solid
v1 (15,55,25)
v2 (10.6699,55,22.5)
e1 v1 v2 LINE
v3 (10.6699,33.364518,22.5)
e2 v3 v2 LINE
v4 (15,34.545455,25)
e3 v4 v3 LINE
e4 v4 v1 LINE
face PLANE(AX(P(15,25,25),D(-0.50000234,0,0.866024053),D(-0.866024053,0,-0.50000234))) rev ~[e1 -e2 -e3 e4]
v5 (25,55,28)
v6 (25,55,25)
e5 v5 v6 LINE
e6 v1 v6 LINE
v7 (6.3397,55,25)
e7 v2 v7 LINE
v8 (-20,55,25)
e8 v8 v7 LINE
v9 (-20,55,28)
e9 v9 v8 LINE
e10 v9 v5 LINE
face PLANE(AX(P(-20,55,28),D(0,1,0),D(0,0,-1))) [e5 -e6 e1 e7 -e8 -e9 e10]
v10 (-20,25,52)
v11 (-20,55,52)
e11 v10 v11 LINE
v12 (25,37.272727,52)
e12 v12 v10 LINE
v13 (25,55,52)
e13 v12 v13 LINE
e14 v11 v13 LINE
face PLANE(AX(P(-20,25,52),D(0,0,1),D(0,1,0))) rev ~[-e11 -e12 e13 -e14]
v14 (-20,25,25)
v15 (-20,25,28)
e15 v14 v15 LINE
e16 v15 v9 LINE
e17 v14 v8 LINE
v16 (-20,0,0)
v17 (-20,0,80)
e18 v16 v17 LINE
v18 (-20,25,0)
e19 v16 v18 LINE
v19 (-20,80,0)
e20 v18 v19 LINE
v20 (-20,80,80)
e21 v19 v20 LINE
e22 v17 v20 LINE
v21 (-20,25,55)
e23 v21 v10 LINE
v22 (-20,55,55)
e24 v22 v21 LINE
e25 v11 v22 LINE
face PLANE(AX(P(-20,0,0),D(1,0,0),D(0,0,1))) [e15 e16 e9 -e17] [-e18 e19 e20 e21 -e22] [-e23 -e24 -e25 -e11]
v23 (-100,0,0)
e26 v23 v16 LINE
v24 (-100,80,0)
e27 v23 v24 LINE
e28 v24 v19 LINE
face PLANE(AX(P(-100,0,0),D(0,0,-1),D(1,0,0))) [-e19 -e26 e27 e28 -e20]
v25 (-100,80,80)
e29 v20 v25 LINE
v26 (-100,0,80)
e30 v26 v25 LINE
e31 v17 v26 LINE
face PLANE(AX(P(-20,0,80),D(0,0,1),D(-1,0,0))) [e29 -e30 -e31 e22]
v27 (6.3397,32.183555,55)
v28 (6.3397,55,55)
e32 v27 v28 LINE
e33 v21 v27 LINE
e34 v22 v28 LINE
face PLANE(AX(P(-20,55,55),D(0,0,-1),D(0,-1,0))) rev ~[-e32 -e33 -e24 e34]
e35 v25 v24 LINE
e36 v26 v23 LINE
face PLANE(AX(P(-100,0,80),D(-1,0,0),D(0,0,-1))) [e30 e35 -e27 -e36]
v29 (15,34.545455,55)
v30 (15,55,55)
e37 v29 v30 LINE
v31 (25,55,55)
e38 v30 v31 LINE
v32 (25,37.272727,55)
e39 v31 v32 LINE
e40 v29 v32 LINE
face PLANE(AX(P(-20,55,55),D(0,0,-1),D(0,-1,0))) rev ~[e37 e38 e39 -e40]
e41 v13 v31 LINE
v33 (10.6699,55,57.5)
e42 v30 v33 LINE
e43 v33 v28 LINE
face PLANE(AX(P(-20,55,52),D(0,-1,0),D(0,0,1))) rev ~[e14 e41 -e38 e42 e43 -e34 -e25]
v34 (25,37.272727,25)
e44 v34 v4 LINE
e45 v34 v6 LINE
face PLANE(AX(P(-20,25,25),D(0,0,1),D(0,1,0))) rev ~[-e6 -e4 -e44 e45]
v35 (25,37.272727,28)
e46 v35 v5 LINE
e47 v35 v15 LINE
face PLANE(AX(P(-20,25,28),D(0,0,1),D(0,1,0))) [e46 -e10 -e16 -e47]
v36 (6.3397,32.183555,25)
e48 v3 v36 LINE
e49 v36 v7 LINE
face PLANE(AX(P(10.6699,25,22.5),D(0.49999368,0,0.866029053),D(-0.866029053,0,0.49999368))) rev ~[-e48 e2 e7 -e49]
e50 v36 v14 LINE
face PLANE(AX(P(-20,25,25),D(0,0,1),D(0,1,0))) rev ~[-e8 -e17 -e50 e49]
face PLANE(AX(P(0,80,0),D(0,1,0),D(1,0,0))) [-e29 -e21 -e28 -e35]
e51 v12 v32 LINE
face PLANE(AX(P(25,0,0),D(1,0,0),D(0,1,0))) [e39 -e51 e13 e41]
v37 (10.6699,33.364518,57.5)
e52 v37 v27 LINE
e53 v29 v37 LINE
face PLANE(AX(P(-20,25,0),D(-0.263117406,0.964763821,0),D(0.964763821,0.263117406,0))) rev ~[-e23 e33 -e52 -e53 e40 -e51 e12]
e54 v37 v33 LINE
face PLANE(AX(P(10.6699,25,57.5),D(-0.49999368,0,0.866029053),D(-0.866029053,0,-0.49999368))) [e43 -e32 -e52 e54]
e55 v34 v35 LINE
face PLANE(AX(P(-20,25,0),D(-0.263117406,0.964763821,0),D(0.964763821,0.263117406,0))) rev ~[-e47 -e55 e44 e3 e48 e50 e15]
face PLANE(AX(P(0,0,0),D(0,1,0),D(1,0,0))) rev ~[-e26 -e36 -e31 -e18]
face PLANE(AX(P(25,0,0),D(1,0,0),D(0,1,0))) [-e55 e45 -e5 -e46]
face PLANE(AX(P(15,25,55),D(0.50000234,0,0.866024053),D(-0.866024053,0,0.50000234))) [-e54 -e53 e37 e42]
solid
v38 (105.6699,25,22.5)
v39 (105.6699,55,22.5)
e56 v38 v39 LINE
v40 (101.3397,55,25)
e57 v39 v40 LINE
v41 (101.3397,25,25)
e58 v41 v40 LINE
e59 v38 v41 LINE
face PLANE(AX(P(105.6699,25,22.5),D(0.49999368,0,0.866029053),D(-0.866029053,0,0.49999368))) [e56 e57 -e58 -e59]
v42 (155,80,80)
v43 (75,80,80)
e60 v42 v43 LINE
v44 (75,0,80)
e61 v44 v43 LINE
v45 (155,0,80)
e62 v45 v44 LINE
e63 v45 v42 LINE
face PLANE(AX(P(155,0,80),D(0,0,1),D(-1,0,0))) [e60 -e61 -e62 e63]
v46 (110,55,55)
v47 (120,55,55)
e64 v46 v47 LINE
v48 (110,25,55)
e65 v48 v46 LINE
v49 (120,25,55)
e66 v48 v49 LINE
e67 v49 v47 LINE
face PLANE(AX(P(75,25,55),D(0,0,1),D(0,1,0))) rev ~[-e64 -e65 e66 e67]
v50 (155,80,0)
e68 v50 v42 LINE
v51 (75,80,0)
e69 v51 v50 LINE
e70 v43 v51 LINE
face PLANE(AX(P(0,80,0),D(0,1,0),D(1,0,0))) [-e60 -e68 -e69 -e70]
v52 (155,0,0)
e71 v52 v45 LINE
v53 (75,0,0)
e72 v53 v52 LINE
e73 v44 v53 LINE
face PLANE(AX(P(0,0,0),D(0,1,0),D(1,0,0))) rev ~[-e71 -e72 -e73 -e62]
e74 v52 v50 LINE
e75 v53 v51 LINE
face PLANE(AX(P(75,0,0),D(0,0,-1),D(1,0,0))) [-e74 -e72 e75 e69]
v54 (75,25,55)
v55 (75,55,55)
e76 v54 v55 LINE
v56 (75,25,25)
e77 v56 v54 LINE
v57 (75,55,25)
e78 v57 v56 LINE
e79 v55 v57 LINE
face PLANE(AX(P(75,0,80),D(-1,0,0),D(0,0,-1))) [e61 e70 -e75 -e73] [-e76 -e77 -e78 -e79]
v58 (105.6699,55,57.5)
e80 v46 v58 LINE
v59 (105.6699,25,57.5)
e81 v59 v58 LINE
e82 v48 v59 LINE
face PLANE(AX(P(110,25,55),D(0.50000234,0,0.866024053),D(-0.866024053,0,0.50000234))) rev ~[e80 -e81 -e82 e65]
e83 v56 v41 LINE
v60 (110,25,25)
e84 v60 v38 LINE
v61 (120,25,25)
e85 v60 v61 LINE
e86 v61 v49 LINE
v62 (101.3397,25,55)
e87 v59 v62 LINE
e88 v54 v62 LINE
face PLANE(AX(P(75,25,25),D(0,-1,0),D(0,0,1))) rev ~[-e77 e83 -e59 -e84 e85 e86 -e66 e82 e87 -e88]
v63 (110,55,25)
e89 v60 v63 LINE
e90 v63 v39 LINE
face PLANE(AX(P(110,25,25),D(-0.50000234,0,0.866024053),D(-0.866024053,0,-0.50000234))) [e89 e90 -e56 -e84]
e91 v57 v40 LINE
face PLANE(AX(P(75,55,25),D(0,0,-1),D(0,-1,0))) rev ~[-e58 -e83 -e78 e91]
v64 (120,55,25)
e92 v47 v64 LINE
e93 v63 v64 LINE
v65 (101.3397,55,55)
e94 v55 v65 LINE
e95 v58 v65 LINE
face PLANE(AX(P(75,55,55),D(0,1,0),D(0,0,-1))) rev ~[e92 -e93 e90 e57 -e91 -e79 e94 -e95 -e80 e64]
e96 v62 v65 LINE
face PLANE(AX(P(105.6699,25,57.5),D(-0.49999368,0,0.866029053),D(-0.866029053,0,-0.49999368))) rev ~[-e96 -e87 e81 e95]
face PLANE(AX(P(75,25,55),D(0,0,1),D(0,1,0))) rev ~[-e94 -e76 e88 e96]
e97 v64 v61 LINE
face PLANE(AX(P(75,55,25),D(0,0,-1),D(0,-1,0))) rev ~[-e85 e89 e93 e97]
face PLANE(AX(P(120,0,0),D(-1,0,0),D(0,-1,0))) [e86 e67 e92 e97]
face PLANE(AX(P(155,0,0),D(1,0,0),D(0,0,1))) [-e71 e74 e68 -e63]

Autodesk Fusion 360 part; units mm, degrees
sketch "Sketch1" plane through (0, 0, 0) normal (0, 1, 0) x (1, 0, 0)
  line L0 (-100, 0) -> (-20, 0)
  line L1 (-20, 0) -> (-20, -80)
  line L2 (-20, -80) -> (-100, -80)
  line L3 (-100, -80) -> (-100, 0)
  line L4 (75, 0) -> (155, 0)
  line L5 (155, 0) -> (155, -80)
  line L6 (155, -80) -> (75, -80)
  line L7 (75, -80) -> (75, 0)
  dimension "d1" = 80
  dimension "d2" = 80
  dimension "d3" = 80
  dimension "d4" = 80
extrude "Extrude1" add sketch "Sketch1" along normal blind 80 contours L0 L1 L2 L3 makes body 1
extrude "Extrude2" add sketch "Sketch1" along normal blind 80 separate body contours L4 L5 L6 L7 makes body 2
sketch "Sketch2" plane through (75, 0, 0) normal (-1, 0, 0) x (0, -1, 0)
  line L0 (0, 0) -> (0, 80)
  line L1 (0, 80) -> (-80, 80)
  line L2 (-80, 80) -> (-80, 0)
  line L3 (-80, 0) -> (0, 0)
  line L4 (-55, 25) -> (-25, 25)
  line L5 (-25, 25) -> (-25, 55)
  line L6 (-25, 55) -> (-55, 55)
  line L7 (-55, 55) -> (-55, 25)
extrude "Extrude3" cut sketch "Sketch2" against normal blind 45 contours L4 L5 L6 L7 bodies 2
sketch "Sketch3" plane through (0, 0, 0) normal (0, -1, 0) x (1, 0, 0)
  line L0 (155, 80) -> (75, 80)
  line L1 (75, 80) -> (75, 0)
  line L2 (75, 0) -> (155, 0)
  line L3 (155, 0) -> (155, 80)
  line L4 (75, 40) -> (155, 40) construction
  line L5 (75, 40) -> (75, 25) construction
  line L6 (75, 40) -> (75, 55) construction
  line L7 (75, 55) -> (120, 55) construction
  line L8 (120, 55) -> (120, 25) construction
  line L9 (120, 25) -> (75, 25) construction
  line L10 (75, 55) -> (120, 55)
  line L11 (120, 25) -> (75, 25)
  line L12 (120, 55) -> (110, 55) construction
  line L13 (110, 55) -> (110, 60) construction
  line L14 (110, 55) -> (105.6699, 57.5)
  line L15 (110, 55) -> (115, 55) construction
  line L16 (105.6699, 57.5) -> (101.3397, 55)
  line L17 (105.6699, 22.5) -> (101.3397, 25)
  line L18 (110, 25) -> (105.6699, 22.5)
  dimension "d11" = 150
  dimension "d12" = 5
sketch "Sketch4" plane through (0, 25, 0) normal (0, 1, 0) x (-1, 0, 0)
  line L0 (-75, 25) -> (-75, 55)
  line L1 (-75, 55) -> (-120, 55)
  line L2 (-120, 55) -> (-120, 25)
  line L3 (-120, 25) -> (-75, 25)
  line L4 (-75, 40) -> (-120, 40) construction
  line L5 (-120, 40) -> (-120, 55) construction
  line L6 (-120, 55) -> (-75, 55) construction
  line L7 (-120, 40) -> (-120, 25) construction
  line L8 (-120, 25) -> (-75, 25)
  line L9 (-110, 25) -> (-105.6699, 22.5)
  line L10 (-105.6699, 22.5) -> (-101.3397, 25)
  line L11 (-105.6699, 57.5) -> (-101.3397, 55)
  line L12 (-110, 55) -> (-105.6699, 57.5)
  dimension "d13" = 150
  dimension "d14" = 5
  dimension "d15" = 5
extrude "Extrude4" cut sketch "Sketch4" along normal up to surface (30 mm away) contours L3 L8 L9 L10 | L1 L11 L12 bodies 2
sketch "Sketch5" plane through (0, 0, 25) normal (0, 0, 1) x (-1, 0, 0)
  line L0 (-101.3397, -55) -> (-75, -55)
  line L1 (-75, -55) -> (-75, -25)
  line L2 (-75, -25) -> (-101.3397, -25)
  line L3 (-101.3397, -55) -> (-75, -55)
  line L4 (-75, -55) -> (-75, -25)
  line L5 (-75, -25) -> (-101.3397, -25)
  line L6 (-110, -55) -> (-120, -55)
  line L7 (-120, -55) -> (-120, -25)
  line L8 (-120, -25) -> (-110, -25)
  line L9 (-101.3397, -55) -> (-110, -55)
  line L10 (-110, -25) -> (-101.3397, -25)
sketch "Sketch6" plane through (120, 0, 0) normal (-1, 0, 0) x (0, -1, 0)
  line L0 (-55, 55) -> (-55, 25)
  line L1 (-55, 25) -> (-25, 25)
  line L2 (-25, 25) -> (-25, 55)
  line L3 (-25, 55) -> (-55, 55)
  line L4 (-25, 25) -> (-25, 55)
  line L5 (-25, 55) -> (-55, 55)
  line L6 (-55, 55) -> (-55, 25)
  line L7 (-55, 25) -> (-25, 25)
sketch "Sketch7" plane through (0, 25, 0) normal (0, 1, 0) x (-1, 0, 0)
  line L0 (-75, 25) -> (-75, 55)
  line L1 (-75, 55) -> (-101.3397, 55)
  line L2 (-101.3397, 55) -> (-105.6699, 57.5)
  line L3 (-105.6699, 57.5) -> (-110, 55)
  line L4 (-110, 55) -> (-120, 55)
  line L5 (-120, 55) -> (-120, 25)
  line L6 (-120, 25) -> (-110, 25)
  line L7 (-110, 25) -> (-105.6699, 22.5)
  line L8 (-105.6699, 22.5) -> (-101.3397, 25)
  line L9 (-101.3397, 25) -> (-75, 25)
  line L10 (-120, 55) -> (-75, 55)
  line L11 (-75, 55) -> (-75, 25)
  line L12 (-120, 25) -> (-75, 25)
  line L13 (-120, 25) -> (-120, 55)
sketch "Sketch8" plane through (0, 55, 0) normal (0, -1, 0) x (1, 0, 0)
  line L0 (75, 55) -> (75, 25)
  line L1 (75, 25) -> (101.3397, 25)
  line L2 (101.3397, 25) -> (105.6699, 22.5)
  line L3 (105.6699, 22.5) -> (110, 25)
  line L4 (110, 25) -> (120, 25)
  line L5 (120, 25) -> (120, 55)
  line L6 (120, 55) -> (110, 55)
  line L7 (110, 55) -> (105.6699, 57.5)
  line L8 (105.6699, 57.5) -> (101.3397, 55)
  line L9 (101.3397, 55) -> (75, 55)
  line L10 (120, 55) -> (120, 25)
  line L11 (120, 25) -> (75, 25)
  line L12 (120, 55) -> (75, 55)
  line L13 (75, 55) -> (75, 25)
  line L14 (101.3397, 25) -> (105.6699, 22.5)
  line L15 (110, 25) -> (105.6699, 22.5)
  line L16 (110, 55) -> (105.6699, 57.5)
  line L17 (105.6699, 57.5) -> (101.3397, 55)
sketch "Sketch9" plane through (0, 0, 55) normal (0, 0, -1) x (1, 0, 0)
  line L0 (101.3397, -25) -> (75, -25)
  line L1 (75, -25) -> (75, -55)
  line L2 (75, -55) -> (101.3397, -55)
  line L3 (75, -55) -> (120, -55)
  line L4 (75, -55) -> (75, -25)
  line L5 (120, -55) -> (120, -25)
  line L6 (120, -25) -> (75, -25)
  line L7 (110, -55) -> (105.67, -55)
  line L8 (105.67, -55) -> (105.67, -25) construction
  dimension "d19" = 4.33
sketch "Sketch10" plane through (-20, 0, 0) normal (1, 0, 0) x (0, 1, 0)
  line L0 (0, 80) -> (0, 0)
  line L1 (0, 0) -> (80, 0)
  line L2 (80, 0) -> (80, 80)
  line L3 (80, 80) -> (0, 80)
  line L4 (55, 55) -> (25, 55)
  line L5 (25, 25) -> (55, 25)
  line L6 (25, 55) -> (25, 52)
  line L7 (25, 52) -> (55, 52)
  line L8 (55, 52) -> (55, 55)
  line L9 (25, 25) -> (25, 28)
  line L10 (25, 28) -> (55, 28)
  line L11 (55, 28) -> (55, 25)
  dimension "d20" = 3
  dimension "d21" = 3
extrude "Extrude5" add sketch "Sketch10" along normal blind 45 contours L4 L6 L7 L8 | L5 L9 L10 L11 bodies 1
sketch "Sketch11" plane through (0, 25, 0) normal (0, -1, 0) x (1, 0, 0)
  line L0 (-20, 55) -> (-20, 52)
  line L1 (-20, 52) -> (25, 52)
  line L2 (25, 52) -> (25, 55)
  line L3 (25, 55) -> (-20, 55)
  line L4 (25, 55) -> (15, 55)
  line L5 (15, 55) -> (10.6699, 57.5)
  line L6 (15, 55) -> (20, 55) construction
  line L7 (10.6699, 57.5) -> (6.3397, 55)
  line L8 (-20, 40) -> (25, 40) construction
  line L9 (15, 25) -> (10.6699, 22.5)
  line L10 (10.6699, 22.5) -> (6.3397, 25)
  dimension "d24" = 150
  dimension "d25" = 5
  dimension "d26" = 5
extrude "Extrude6" add sketch "Sketch11" against normal blind 30 contours L3 L5 L7 bodies 1
sketch "Sketch12" plane through (0, 25, 0) normal (0, -1, 0) x (1, 0, 0)
  line L0 (-20, 28) -> (-20, 25)
  line L1 (-20, 25) -> (25, 25)
  line L2 (25, 25) -> (25, 28)
  line L3 (25, 28) -> (-20, 28)
  line L4 (25, 25) -> (15, 25)
  line L5 (15, 25) -> (10.6699, 22.5)
  line L6 (10.6699, 22.5) -> (6.3397, 25)
  dimension "d29" = 150
  dimension "d30" = 5
  dimension "d31" = 5
extrude "Extrude7" add sketch "Sketch12" against normal blind 30 contours L1 L5 L6 bodies 1
sketch "Sketch13" plane through (0, 0, 0) normal (0, 0, 1) x (1, 0, 0)
  line L0 (-20, 25) -> (35, 40)
  line L1 (35, 40) -> (35, 20)
  line L2 (35, 20) -> (-20, 25)
extrude "Extrude8" cut sketch "Sketch13" along normal blind 70 bodies 1
equation "d19 = ( 8.660 / 2 ) * 1 mm"
